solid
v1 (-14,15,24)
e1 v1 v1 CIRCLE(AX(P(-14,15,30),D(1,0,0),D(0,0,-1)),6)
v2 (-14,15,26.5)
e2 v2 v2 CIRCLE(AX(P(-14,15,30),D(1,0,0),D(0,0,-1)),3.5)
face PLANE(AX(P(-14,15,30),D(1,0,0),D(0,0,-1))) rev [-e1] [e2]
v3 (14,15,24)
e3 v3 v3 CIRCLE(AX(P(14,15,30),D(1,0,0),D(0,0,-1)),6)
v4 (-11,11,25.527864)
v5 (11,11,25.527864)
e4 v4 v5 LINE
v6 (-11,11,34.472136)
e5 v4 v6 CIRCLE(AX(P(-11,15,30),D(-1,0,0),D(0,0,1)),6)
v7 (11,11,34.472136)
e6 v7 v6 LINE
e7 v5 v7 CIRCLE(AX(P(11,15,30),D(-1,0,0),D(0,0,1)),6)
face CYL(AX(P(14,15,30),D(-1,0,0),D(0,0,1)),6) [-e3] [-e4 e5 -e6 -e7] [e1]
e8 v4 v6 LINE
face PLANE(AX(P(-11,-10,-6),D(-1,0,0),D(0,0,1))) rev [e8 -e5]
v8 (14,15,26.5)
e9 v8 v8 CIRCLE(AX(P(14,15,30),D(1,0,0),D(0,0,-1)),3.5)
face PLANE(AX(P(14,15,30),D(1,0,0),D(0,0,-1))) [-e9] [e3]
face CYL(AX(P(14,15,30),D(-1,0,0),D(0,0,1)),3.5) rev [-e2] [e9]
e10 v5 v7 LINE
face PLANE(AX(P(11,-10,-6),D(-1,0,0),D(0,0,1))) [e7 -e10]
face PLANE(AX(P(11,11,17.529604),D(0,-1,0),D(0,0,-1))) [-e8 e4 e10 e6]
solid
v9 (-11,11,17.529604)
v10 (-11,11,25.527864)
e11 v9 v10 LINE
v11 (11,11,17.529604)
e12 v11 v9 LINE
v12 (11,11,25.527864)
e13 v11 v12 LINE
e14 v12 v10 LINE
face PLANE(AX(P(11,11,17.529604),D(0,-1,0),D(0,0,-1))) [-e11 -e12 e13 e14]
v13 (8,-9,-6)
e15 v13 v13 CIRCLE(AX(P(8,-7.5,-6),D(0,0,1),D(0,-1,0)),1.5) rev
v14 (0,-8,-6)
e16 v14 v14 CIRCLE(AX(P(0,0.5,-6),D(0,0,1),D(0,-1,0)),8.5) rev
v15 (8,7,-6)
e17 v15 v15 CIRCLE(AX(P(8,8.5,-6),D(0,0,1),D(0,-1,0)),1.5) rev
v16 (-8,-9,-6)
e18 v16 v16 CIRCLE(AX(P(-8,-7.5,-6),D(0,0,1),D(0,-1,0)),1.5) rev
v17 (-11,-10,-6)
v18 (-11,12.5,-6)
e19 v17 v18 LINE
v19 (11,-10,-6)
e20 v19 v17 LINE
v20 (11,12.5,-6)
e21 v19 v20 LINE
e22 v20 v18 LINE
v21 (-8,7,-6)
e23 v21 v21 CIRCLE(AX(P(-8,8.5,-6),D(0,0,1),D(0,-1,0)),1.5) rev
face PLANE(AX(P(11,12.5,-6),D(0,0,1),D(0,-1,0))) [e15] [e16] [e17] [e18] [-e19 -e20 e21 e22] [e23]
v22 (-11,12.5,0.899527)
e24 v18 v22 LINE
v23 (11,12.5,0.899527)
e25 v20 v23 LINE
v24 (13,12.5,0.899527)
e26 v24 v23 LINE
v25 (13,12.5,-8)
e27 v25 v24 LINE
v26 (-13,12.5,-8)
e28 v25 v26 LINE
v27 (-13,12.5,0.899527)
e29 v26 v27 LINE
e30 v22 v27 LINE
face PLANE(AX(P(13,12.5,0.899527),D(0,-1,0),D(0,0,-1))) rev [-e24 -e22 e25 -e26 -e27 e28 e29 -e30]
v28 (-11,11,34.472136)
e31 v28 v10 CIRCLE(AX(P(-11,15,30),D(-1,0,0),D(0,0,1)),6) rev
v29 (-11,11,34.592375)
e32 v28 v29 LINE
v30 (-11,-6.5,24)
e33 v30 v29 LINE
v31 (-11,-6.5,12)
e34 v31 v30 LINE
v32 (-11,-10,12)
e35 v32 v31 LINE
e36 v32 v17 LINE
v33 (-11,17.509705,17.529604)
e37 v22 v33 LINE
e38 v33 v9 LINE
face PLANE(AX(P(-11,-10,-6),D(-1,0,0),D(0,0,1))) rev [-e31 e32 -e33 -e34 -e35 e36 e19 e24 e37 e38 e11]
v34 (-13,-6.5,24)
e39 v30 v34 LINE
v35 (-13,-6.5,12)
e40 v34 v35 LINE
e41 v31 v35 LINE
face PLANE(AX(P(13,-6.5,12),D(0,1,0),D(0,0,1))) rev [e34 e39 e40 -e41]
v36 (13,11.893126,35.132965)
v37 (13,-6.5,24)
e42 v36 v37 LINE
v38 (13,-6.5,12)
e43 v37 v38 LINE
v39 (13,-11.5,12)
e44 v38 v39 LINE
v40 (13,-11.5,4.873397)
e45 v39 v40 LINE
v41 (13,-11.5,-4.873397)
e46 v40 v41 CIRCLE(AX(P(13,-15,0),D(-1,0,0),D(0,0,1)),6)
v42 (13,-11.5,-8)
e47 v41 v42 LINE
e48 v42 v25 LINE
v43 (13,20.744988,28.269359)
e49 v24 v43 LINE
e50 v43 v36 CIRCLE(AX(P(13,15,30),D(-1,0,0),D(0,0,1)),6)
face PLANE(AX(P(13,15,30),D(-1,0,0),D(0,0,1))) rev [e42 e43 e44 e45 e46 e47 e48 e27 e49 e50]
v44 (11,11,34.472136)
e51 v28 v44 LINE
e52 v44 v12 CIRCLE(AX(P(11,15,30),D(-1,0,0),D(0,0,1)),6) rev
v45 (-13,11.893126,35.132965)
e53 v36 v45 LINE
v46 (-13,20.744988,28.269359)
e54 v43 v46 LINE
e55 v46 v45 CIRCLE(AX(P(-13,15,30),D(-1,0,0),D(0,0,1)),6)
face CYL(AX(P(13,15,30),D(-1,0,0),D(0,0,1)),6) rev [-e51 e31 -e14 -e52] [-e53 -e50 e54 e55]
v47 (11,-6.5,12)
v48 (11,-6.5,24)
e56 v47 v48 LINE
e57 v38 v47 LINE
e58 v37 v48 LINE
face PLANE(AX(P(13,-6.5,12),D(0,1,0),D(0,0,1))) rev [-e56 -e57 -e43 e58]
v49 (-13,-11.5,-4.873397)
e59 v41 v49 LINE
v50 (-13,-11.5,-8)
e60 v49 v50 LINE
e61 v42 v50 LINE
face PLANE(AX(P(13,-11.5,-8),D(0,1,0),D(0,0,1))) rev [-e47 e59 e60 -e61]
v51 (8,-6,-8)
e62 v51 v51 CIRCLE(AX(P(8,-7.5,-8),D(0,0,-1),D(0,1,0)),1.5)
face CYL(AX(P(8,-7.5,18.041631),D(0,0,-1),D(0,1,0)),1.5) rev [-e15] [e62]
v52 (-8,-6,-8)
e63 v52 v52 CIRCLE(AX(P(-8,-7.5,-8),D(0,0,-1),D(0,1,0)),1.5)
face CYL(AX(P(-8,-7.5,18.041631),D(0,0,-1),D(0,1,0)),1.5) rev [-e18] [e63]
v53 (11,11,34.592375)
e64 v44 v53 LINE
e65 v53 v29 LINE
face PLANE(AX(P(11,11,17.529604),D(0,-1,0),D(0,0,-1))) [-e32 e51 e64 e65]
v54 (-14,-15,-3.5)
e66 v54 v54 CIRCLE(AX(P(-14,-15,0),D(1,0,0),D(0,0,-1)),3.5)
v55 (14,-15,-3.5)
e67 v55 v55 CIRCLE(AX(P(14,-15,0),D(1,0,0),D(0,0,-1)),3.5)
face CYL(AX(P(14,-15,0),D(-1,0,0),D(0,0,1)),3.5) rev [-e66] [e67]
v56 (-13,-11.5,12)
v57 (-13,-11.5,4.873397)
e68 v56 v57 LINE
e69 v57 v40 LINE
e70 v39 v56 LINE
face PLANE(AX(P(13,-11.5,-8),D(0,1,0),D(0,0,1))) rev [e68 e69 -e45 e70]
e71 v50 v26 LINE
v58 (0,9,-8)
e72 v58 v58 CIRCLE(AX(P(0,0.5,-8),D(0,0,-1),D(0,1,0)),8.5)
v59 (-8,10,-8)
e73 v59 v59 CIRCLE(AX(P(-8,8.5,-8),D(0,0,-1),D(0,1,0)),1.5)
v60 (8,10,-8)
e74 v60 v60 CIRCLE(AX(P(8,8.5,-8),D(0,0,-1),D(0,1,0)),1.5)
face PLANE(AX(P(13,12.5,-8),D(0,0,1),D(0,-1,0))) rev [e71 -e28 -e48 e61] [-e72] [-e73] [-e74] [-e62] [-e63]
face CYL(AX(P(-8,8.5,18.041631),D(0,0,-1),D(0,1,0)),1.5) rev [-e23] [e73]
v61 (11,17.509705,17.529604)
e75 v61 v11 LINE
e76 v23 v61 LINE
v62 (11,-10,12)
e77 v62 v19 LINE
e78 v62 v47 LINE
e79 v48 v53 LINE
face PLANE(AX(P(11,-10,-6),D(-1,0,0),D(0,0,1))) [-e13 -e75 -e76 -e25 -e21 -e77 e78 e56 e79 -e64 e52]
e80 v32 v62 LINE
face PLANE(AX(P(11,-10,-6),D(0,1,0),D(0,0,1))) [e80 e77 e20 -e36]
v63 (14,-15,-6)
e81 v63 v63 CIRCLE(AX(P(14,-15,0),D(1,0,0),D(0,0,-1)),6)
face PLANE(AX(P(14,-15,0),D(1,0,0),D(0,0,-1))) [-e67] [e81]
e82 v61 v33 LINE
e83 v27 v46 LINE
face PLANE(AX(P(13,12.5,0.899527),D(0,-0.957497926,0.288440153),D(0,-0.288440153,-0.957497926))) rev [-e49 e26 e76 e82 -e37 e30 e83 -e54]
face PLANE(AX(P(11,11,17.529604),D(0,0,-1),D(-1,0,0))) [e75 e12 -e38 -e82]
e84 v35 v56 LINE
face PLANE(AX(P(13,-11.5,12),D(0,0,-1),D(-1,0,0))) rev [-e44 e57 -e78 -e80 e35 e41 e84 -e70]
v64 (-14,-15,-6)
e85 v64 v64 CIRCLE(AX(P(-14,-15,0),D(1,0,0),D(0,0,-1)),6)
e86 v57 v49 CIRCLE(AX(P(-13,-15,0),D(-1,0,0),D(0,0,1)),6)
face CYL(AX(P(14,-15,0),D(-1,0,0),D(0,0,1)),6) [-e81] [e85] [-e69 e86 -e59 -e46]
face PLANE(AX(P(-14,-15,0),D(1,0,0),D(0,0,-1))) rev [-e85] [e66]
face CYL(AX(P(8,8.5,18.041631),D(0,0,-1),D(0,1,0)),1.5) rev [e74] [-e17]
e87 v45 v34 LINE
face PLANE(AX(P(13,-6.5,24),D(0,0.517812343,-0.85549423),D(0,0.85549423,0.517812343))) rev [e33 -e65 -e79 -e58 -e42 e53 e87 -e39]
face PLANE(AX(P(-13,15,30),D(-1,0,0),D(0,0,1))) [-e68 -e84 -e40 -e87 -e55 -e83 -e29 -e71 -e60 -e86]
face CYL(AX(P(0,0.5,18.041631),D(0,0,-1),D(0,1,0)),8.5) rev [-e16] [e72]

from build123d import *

# Parameters (mm, degrees)
SKETCH1_R             = 6
SKETCH1_R_2           = 3.5
BOSS_EXTRUDE1_DEPTH   = 14
BOSS_EXTRUDE1_2_DEPTH = 14
BOSS_EXTRUDE2_DEPTH   = 13
CUT_EXTRUDE2_DEPTH    = 11
SKETCH5_R             = 8.5
SKETCH5_R_2           = 1.5
CUT_EXTRUDE3_DEPTH    = 2


with BuildPart() as part:
    # Sketch1 → Boss-Extrude1 (new, symmetric)
    with BuildSketch(Plane(origin=(0, 0, 0), x_dir=(0, 0, -1), z_dir=(1, 0, 0))):
        with Locations((-30, 15)):
            Circle(SKETCH1_R)
        with Locations((-30, 15)):
            Circle(SKETCH1_R_2, mode=Mode.SUBTRACT)
    extrude(amount=BOSS_EXTRUDE1_DEPTH, both=True)


with BuildPart() as body_2:
    # Sketch1 → Boss-Extrude1 2 (new, symmetric)
    with BuildSketch(Plane(origin=(0, 0, 0), x_dir=(0, 0, -1), z_dir=(1, 0, 0))):
        with Locations((0, -15)):
            Circle(SKETCH1_R)
        with Locations((0, -15)):
            Circle(SKETCH1_R_2, mode=Mode.SUBTRACT)
    extrude(amount=BOSS_EXTRUDE1_2_DEPTH, both=True)

    # Sketch2 → Boss-Extrude2 (add, symmetric)
    with BuildSketch(Plane(origin=(0, 0, 0), x_dir=(0, 0, -1), z_dir=(1, 0, 0))):
        with BuildLine():
            Line((8, 12.5), (8, -11.5))
            Line((8, -11.5), (-12, -11.5))
            Line((-12, -11.5), (-12, -6.5))
            Line((-12, -6.5), (-24, -6.5))
            Line((-24, -6.5), (-35.132965379, 11.893125941))
            ThreePointArc((-35.132965379, 11.893125941), (-25.25839516, 11.323427745), (-28.269359085, 20.744987556))
            Line((-28.269359085, 20.744987556), (-0.899527194, 12.5))
            Line((-0.899527194, 12.5), (8, 12.5))
        make_face()
    extrude(amount=BOSS_EXTRUDE2_DEPTH, both=True)


with BuildPart() as cut_extrude2_tool:
    # Sketch4 → Cut-Extrude2 (new, symmetric)
    with BuildSketch(Plane(origin=(0, 0, 0), x_dir=(0, 0, -1), z_dir=(1, 0, 0))):
        Polygon((6, 12.5), (-0.899527194, 12.5), (-17.529603633, 17.509704621), (-17.529603633, 11), (-36, 11), (-36, -10), (6, -10), align=None)
    extrude(amount=CUT_EXTRUDE2_DEPTH, both=True)


with BuildPart() as part_1:
    add(part.part)

    # Cut-Extrude2: cut by cut_extrude2_tool
    add(cut_extrude2_tool.part, mode=Mode.SUBTRACT)


with BuildPart() as body_2_1:
    add(body_2.part)

    # Cut-Extrude2: cut by cut_extrude2_tool
    add(cut_extrude2_tool.part, mode=Mode.SUBTRACT)

    # Sketch5 → Cut-Extrude3 (cut)
    with BuildSketch(Plane(origin=(0, 0, -8), x_dir=(-1, 0, 0), z_dir=(0, 0, -1))):
        with Locations(Location((0, 0.5, 0), (0, 0, 90))):
            Circle(SKETCH5_R)
        with Locations(Location((-8, 8.5, 0), (0, 0, 90))):
            Circle(SKETCH5_R_2)
        with Locations(Location((-8, -7.5, 0), (0, 0, 90))):
            Circle(SKETCH5_R_2)
        with Locations(Location((8, 8.5, 0), (0, 0, 90))):
            Circle(SKETCH5_R_2)
        with Locations(Location((8, -7.5, 0), (0, 0, 90))):
            Circle(SKETCH5_R_2)
    extrude(amount=-CUT_EXTRUDE3_DEPTH, mode=Mode.SUBTRACT)


solid = Compound([part_1.part, body_2_1.part])
